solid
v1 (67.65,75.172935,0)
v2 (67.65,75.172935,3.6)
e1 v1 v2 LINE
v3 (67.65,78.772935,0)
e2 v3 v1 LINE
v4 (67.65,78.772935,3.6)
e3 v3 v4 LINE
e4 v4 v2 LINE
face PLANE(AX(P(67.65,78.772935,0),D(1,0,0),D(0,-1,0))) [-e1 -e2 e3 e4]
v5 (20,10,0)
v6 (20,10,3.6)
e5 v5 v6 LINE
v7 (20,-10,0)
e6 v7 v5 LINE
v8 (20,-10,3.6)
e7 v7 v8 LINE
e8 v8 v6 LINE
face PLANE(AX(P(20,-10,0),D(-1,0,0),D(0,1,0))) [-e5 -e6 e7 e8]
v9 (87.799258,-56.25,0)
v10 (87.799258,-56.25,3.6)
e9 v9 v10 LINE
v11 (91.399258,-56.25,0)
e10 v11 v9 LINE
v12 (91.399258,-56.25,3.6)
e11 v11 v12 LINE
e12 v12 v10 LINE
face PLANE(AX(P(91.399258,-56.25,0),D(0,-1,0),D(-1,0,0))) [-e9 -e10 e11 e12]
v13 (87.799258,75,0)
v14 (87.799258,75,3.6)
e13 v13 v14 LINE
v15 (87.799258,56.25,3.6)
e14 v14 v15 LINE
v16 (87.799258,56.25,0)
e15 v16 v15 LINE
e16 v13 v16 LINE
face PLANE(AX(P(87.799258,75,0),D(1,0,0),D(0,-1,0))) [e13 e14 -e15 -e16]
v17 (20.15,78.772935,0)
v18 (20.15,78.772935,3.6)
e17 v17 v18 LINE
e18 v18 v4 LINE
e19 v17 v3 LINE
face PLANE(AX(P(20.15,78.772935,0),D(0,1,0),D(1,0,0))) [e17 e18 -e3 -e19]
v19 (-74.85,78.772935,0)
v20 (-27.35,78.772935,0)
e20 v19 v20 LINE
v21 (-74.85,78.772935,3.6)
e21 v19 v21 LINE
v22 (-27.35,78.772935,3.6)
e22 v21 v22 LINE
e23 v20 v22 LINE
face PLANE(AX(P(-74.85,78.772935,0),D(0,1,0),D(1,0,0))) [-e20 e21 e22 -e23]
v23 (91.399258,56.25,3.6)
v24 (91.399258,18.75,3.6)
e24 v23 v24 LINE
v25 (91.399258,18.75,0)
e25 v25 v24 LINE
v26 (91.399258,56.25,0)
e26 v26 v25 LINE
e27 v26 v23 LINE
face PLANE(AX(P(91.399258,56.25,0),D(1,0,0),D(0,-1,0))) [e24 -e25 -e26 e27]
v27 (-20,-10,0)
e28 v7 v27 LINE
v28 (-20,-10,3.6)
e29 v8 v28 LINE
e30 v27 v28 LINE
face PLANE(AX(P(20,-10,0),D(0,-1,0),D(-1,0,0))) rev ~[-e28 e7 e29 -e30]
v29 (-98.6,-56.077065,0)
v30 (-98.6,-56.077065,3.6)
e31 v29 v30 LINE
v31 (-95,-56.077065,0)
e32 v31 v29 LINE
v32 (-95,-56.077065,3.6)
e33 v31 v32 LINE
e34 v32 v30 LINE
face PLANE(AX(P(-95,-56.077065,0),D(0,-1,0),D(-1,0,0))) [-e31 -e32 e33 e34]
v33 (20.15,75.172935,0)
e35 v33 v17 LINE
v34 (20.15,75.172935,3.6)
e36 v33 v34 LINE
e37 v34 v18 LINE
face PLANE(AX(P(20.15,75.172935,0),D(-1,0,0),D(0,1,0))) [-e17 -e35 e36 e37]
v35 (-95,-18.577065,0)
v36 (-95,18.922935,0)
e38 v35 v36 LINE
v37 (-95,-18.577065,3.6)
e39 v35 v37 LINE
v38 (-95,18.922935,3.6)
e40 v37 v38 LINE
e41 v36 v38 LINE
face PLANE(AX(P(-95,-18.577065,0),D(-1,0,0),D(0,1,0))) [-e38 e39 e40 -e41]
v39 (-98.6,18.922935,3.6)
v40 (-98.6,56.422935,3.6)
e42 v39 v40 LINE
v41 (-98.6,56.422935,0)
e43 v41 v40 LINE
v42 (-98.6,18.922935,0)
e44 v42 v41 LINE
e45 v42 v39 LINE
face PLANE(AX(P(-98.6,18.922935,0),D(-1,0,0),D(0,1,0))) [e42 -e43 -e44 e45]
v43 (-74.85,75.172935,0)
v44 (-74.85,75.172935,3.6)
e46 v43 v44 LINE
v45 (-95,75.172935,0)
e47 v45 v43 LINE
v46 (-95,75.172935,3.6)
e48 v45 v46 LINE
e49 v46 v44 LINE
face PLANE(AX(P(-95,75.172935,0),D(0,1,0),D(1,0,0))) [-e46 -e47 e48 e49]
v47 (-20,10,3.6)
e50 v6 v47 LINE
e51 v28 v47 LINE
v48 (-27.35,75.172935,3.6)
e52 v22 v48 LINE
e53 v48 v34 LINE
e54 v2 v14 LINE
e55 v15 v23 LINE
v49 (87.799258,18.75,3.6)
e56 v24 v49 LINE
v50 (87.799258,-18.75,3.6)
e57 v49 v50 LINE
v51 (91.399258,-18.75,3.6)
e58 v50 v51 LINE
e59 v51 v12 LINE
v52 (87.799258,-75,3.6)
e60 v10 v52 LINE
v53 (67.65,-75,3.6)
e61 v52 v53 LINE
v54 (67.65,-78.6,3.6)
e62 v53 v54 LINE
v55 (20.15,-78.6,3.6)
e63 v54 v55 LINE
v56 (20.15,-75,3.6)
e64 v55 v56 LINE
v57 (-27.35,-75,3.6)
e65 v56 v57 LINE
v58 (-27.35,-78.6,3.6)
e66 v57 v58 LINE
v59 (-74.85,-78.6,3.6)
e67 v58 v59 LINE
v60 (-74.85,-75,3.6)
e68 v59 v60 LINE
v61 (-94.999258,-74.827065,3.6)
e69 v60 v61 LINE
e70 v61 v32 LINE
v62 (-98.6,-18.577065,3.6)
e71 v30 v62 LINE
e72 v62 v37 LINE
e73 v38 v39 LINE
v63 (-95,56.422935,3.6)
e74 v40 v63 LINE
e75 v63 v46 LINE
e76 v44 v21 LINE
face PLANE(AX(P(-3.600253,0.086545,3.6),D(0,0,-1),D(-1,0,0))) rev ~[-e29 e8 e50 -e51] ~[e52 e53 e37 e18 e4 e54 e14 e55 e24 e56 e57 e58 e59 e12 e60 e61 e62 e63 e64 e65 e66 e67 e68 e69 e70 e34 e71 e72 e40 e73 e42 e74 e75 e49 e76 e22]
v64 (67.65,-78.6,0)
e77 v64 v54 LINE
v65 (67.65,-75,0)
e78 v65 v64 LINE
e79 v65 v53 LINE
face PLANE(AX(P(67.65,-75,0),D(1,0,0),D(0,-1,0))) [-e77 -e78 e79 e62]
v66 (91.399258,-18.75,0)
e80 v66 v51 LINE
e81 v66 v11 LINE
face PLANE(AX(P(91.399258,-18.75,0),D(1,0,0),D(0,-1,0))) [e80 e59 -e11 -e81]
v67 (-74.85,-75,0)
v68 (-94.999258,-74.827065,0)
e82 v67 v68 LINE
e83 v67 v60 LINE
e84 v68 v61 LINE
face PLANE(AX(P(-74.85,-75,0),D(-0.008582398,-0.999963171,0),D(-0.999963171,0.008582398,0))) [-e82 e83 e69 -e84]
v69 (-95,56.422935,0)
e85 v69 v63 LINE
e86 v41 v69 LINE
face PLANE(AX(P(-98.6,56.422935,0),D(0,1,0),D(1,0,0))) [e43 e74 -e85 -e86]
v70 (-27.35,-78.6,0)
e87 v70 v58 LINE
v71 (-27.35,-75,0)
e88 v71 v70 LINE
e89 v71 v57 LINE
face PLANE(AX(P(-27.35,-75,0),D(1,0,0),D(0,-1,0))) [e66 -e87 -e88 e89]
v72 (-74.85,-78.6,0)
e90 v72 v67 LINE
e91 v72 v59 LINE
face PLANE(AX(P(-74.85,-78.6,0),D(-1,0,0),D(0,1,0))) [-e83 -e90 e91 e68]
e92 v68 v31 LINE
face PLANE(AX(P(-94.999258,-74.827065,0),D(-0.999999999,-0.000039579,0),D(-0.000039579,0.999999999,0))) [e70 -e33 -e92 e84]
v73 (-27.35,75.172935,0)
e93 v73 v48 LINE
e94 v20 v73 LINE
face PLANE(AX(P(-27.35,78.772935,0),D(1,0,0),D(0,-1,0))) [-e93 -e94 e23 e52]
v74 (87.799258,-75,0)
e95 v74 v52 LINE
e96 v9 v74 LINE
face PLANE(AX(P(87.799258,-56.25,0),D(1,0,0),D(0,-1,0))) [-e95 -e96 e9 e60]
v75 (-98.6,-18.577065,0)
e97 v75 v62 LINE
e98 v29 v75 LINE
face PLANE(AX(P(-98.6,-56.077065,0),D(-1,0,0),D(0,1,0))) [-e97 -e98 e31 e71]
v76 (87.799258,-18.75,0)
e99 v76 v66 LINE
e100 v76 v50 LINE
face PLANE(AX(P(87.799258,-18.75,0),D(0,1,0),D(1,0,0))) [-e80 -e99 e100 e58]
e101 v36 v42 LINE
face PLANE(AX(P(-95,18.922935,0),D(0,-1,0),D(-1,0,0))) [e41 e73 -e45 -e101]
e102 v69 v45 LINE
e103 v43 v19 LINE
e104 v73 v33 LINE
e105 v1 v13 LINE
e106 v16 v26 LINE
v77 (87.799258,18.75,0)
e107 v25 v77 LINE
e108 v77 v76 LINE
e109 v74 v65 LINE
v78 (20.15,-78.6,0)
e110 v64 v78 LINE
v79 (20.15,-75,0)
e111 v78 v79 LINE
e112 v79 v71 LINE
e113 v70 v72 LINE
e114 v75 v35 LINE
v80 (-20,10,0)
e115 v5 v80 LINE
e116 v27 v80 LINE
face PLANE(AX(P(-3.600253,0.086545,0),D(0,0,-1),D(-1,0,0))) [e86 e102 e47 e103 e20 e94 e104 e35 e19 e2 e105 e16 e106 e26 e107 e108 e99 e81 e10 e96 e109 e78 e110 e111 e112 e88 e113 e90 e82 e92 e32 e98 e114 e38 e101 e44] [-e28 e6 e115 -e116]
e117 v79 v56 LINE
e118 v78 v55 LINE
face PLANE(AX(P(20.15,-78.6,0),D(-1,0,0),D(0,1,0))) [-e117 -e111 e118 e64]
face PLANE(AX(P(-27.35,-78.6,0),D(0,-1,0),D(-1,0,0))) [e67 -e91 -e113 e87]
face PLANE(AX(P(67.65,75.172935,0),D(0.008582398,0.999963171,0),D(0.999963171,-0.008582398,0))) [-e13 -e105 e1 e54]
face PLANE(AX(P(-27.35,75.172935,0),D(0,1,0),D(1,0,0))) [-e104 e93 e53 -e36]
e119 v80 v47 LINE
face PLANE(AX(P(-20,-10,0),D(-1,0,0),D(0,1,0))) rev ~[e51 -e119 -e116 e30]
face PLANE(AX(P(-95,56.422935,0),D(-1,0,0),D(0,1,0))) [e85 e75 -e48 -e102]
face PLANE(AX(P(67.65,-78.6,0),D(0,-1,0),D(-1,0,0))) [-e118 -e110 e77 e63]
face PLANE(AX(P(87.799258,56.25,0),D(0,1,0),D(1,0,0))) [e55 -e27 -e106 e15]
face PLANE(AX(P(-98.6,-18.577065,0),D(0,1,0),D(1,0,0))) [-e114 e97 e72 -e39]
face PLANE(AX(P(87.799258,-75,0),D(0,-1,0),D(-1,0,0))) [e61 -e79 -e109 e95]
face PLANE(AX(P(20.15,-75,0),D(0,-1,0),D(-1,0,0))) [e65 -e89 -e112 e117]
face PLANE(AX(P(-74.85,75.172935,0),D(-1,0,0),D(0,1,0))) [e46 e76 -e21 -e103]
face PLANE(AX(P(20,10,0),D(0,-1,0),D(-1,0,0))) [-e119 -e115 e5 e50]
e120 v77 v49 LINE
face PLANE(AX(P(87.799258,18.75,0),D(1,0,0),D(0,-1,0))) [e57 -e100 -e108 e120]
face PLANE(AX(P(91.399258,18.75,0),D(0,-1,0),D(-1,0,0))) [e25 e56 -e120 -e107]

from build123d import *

# Parameters (mm, degrees)
EXTRUDE_1_DEPTH     = 3.6
SKETCH_2_W          = 40
SKETCH_2_H          = 20
CUT_EXTRUDE_1_DEPTH = 10


with BuildPart() as part:
    # 草图1 → 凸台-拉伸1 (new body)
    with BuildSketch(Plane.XY):
        Polygon((-95, 75.172935312), (-74.85, 75.172935312), (-74.85, 78.772935312), (-27.35, 78.772935312), (-27.35, 75.172935312), (20.15, 75.172935312), (20.15, 78.772935312), (67.65, 78.772935312), (67.65, 75.172935312), (87.799257887, 75), (87.799257887, 56.25), (91.399257887, 56.25), (91.399257887, 18.75), (87.799257887, 18.75), (87.799257887, -18.75), (91.399257887, -18.75), (91.399257887, -56.25), (87.799257887, -56.25), (87.799257887, -75), (67.65, -75), (67.65, -78.6), (20.15, -78.6), (20.15, -75), (-27.35, -75), (-27.35, -78.6), (-74.85, -78.6), (-74.85, -75), (-94.999257886, -74.827064673), (-95, -56.077064688), (-98.6, -56.077064688), (-98.6, -18.577064688), (-95, -18.577064688), (-95, 18.922935312), (-98.6, 18.922935312), (-98.6, 56.422935312), (-95, 56.422935312), align=None)
    extrude(amount=EXTRUDE_1_DEPTH)

    # 草图2 → 切除-拉伸1 (cut)
    with BuildSketch(Plane(origin=(0, 0, 0), x_dir=(-1, 0, 0), z_dir=(0, 0, -1))):
        Rectangle(SKETCH_2_W, SKETCH_2_H)
    extrude(amount=-CUT_EXTRUDE_1_DEPTH, mode=Mode.SUBTRACT)


solid = part.part
